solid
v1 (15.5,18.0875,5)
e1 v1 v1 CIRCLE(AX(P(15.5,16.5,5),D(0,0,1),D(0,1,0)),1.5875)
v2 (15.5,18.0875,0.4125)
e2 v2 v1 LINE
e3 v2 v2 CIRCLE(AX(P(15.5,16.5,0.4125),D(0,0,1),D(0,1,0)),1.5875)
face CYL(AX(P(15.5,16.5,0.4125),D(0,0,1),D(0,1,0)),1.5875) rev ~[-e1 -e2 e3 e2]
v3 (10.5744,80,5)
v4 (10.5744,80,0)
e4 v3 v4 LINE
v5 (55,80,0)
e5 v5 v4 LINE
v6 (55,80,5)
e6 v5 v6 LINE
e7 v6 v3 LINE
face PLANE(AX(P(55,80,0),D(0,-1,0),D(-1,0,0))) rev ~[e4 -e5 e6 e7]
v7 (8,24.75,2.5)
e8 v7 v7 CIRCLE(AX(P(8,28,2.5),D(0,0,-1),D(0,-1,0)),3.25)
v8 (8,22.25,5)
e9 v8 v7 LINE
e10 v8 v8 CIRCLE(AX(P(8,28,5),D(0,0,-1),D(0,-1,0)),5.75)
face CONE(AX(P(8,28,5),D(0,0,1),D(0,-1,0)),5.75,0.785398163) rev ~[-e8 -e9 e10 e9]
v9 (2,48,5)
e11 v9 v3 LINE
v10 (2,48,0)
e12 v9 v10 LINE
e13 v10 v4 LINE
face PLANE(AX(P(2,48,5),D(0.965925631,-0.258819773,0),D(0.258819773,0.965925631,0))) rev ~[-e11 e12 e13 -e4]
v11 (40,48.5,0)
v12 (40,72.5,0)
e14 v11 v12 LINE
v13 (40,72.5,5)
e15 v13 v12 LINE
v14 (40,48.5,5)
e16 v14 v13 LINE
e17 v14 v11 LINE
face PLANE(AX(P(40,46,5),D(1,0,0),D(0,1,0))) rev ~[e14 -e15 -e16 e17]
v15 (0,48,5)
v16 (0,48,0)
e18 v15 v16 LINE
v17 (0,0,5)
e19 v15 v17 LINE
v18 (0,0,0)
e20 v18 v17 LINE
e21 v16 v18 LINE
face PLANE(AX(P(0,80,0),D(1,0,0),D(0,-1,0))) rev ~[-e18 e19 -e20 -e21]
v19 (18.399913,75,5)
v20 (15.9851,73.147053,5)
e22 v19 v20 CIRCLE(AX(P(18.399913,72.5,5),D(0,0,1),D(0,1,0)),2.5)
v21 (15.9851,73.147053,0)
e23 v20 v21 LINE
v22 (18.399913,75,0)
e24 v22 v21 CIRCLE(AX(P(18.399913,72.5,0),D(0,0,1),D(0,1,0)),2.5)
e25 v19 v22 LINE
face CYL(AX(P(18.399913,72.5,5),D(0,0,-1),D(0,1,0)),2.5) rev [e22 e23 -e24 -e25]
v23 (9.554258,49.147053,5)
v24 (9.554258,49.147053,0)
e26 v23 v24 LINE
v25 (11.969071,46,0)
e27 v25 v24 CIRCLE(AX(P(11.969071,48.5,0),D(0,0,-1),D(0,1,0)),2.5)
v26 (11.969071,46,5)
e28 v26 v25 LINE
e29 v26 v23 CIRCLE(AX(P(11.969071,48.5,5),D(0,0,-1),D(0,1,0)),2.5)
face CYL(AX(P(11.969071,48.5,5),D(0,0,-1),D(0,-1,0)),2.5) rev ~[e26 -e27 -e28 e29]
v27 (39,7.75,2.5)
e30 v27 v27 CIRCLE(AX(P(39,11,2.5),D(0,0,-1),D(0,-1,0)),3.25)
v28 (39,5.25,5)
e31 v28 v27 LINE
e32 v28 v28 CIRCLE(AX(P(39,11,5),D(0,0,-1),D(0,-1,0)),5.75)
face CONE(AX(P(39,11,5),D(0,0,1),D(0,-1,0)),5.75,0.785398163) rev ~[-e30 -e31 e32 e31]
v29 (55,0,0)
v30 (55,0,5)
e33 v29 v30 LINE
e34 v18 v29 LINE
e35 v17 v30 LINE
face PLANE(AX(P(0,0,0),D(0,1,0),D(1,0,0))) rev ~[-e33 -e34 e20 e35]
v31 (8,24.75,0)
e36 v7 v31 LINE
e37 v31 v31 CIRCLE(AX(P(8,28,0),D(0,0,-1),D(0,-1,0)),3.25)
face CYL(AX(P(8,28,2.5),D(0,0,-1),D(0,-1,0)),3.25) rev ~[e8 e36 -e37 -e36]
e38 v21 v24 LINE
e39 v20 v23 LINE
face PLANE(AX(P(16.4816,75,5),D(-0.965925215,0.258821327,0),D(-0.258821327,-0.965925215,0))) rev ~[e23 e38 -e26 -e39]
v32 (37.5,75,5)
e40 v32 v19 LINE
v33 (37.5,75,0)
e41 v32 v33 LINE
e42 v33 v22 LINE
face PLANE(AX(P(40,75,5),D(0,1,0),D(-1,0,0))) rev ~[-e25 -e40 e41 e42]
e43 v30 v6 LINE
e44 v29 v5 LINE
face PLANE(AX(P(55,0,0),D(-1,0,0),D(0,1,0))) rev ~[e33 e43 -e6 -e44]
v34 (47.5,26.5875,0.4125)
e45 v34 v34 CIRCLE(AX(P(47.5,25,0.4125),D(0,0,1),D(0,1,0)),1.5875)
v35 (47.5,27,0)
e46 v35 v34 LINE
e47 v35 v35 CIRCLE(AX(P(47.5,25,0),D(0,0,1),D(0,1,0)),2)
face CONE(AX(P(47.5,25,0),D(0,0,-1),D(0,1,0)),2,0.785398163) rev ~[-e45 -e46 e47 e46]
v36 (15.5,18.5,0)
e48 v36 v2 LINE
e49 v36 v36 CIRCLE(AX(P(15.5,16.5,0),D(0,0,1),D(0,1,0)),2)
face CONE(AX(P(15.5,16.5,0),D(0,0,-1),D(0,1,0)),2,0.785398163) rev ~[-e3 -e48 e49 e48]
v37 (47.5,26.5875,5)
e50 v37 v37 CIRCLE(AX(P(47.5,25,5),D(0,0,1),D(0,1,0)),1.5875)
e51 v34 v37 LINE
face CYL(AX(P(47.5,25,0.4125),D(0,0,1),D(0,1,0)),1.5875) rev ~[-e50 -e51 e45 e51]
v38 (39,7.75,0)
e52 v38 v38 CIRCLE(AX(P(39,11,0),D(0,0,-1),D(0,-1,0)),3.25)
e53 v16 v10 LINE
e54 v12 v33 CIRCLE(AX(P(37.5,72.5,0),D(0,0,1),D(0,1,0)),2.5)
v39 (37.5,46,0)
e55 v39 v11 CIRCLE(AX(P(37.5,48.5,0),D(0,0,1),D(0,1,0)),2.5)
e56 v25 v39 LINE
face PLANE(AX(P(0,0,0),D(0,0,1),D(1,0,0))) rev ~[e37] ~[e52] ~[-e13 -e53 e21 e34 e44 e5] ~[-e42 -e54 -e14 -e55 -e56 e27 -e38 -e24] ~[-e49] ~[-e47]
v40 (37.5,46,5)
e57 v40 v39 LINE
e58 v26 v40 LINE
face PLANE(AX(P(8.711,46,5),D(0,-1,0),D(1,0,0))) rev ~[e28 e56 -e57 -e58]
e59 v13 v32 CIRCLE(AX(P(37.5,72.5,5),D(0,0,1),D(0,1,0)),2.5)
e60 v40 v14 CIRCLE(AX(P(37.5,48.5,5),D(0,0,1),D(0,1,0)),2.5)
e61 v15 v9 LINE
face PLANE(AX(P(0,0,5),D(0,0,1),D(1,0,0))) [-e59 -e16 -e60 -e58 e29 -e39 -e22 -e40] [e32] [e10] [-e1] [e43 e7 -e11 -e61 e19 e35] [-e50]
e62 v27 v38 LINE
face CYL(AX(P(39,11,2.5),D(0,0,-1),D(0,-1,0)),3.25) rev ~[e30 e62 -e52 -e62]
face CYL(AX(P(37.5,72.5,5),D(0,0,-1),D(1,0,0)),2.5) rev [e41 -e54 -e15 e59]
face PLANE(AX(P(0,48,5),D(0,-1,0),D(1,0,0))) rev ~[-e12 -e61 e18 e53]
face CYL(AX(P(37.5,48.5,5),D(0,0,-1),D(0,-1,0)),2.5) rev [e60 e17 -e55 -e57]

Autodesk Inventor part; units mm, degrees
ref_plane "YZ Plane" through (0, 0, 0) normal (1, 0, 0) x (0, 1, 0)
ref_plane "XZ Plane" through (0, 0, 0) normal (0, 1, 0) x (-1, 0, 0)
ref_plane "XY Plane" through (0, 0, 0) normal (0, 0, 1) x (1, 0, 0)
sketch "Sketch1" plane through (0, 0, 0) normal (0, 0, 1) x (1, 0, 0)
  line L0 (0, 0) -> (55, 0)
  line L1 (55, 0) -> (55, 80)
  line L2 (55, 80) -> (0, 80)
  line L3 (0, 80) -> (0, 0)
  dimension "d0" = 55
  dimension "d1" = 80
extrude "Extrusion1" add sketch "Sketch1" along normal blind 5
sketch "Sketch6" plane through (0, 0, 5) normal (0, 0, 1) x (1, 0, 0)
  line L0 (0, 0) -> (0, 80) projected
  line L1 (55, 0) -> (0, 0) projected
  line L2 (0, 80) -> (55, 80) projected
  line L3 (0, 48) -> (2, 48)
  line L4 (2, 48) -> (10.5744, 80)
  dimension "d37" = 15
  dimension "d38" = 2
  dimension "d39" = 48
extrude "Extrusion4" cut sketch "Sketch6" against normal blind 5
sketch "Sketch7" plane through (0, 0, 5) normal (0, 0, 1) x (1, 0, 0)
  line L0 (10.5744, 80) -> (2, 48) projected
  line L1 (55, 80) -> (55, 0) projected
  line L2 (10.5744, 80) -> (55, 80) projected
  line L3 (40, 46) -> (40, 75)
  line L4 (40, 75) -> (16.4816, 75)
  line L5 (16.4816, 75) -> (8.711, 46)
  line L6 (8.711, 46) -> (40, 46)
  dimension "d42" = 29
  dimension "d43" = 5
  dimension "d44" = 15
  dimension "d45" = 7
extrude "Extrusion5" cut sketch "Sketch7" against normal blind 5
fillet "Fillet2" radius 2.5 4 edges at (16.4816, 75, 2.5) (40, 75, 2.5) (8.711, 46, 2.5) (40, 46, 2.5)
sketch "Sketch8" plane through (0, 0, 5) normal (0, 0, 1) x (1, 0, 0)
  line L0 (0, 0) -> (0, 48) projected
  line L1 (55, 0) -> (0, 0) projected
  line L2 (55, 80) -> (55, 0) projected
  point P0 (8, 28)
  point P1 (39, 11)
  dimension "d49" = 8
  dimension "d50" = 16
  dimension "d51" = 28
  dimension "d52" = 11
hole "Hole3" at (8, 28, 5) at (39, 11, 5) direction (0, 0, -1) diameter 6.5 depth 5 tip angle 118 countersink diameter 11.5 countersink angle 90
sketch "Sketch9" plane through (0, 0, 0) normal (0, 0, -1) x (-1, 0, 0)
  line L0 (-55, 0) -> (-55, 80) projected
  line L1 (0, 0) -> (-55, 0) projected
  line L2 (0, 48) -> (0, 0) projected
  point P0 (-15.5, 16.5)
  point P1 (-47.5, 25)
  dimension "d60" = 16.5
  dimension "d61" = 15.5
  dimension "d62" = 25
  dimension "d63" = 7.5
hole "Hole4" at (15.5, 16.5, 0) at (47.5, 25, 0) direction (0, 0, 1) diameter 3.175 depth 5 tip angle 118 countersink diameter 4 countersink angle 90
properties part number "LATERAL-ESQUERDA" material "Carbon Steel"
